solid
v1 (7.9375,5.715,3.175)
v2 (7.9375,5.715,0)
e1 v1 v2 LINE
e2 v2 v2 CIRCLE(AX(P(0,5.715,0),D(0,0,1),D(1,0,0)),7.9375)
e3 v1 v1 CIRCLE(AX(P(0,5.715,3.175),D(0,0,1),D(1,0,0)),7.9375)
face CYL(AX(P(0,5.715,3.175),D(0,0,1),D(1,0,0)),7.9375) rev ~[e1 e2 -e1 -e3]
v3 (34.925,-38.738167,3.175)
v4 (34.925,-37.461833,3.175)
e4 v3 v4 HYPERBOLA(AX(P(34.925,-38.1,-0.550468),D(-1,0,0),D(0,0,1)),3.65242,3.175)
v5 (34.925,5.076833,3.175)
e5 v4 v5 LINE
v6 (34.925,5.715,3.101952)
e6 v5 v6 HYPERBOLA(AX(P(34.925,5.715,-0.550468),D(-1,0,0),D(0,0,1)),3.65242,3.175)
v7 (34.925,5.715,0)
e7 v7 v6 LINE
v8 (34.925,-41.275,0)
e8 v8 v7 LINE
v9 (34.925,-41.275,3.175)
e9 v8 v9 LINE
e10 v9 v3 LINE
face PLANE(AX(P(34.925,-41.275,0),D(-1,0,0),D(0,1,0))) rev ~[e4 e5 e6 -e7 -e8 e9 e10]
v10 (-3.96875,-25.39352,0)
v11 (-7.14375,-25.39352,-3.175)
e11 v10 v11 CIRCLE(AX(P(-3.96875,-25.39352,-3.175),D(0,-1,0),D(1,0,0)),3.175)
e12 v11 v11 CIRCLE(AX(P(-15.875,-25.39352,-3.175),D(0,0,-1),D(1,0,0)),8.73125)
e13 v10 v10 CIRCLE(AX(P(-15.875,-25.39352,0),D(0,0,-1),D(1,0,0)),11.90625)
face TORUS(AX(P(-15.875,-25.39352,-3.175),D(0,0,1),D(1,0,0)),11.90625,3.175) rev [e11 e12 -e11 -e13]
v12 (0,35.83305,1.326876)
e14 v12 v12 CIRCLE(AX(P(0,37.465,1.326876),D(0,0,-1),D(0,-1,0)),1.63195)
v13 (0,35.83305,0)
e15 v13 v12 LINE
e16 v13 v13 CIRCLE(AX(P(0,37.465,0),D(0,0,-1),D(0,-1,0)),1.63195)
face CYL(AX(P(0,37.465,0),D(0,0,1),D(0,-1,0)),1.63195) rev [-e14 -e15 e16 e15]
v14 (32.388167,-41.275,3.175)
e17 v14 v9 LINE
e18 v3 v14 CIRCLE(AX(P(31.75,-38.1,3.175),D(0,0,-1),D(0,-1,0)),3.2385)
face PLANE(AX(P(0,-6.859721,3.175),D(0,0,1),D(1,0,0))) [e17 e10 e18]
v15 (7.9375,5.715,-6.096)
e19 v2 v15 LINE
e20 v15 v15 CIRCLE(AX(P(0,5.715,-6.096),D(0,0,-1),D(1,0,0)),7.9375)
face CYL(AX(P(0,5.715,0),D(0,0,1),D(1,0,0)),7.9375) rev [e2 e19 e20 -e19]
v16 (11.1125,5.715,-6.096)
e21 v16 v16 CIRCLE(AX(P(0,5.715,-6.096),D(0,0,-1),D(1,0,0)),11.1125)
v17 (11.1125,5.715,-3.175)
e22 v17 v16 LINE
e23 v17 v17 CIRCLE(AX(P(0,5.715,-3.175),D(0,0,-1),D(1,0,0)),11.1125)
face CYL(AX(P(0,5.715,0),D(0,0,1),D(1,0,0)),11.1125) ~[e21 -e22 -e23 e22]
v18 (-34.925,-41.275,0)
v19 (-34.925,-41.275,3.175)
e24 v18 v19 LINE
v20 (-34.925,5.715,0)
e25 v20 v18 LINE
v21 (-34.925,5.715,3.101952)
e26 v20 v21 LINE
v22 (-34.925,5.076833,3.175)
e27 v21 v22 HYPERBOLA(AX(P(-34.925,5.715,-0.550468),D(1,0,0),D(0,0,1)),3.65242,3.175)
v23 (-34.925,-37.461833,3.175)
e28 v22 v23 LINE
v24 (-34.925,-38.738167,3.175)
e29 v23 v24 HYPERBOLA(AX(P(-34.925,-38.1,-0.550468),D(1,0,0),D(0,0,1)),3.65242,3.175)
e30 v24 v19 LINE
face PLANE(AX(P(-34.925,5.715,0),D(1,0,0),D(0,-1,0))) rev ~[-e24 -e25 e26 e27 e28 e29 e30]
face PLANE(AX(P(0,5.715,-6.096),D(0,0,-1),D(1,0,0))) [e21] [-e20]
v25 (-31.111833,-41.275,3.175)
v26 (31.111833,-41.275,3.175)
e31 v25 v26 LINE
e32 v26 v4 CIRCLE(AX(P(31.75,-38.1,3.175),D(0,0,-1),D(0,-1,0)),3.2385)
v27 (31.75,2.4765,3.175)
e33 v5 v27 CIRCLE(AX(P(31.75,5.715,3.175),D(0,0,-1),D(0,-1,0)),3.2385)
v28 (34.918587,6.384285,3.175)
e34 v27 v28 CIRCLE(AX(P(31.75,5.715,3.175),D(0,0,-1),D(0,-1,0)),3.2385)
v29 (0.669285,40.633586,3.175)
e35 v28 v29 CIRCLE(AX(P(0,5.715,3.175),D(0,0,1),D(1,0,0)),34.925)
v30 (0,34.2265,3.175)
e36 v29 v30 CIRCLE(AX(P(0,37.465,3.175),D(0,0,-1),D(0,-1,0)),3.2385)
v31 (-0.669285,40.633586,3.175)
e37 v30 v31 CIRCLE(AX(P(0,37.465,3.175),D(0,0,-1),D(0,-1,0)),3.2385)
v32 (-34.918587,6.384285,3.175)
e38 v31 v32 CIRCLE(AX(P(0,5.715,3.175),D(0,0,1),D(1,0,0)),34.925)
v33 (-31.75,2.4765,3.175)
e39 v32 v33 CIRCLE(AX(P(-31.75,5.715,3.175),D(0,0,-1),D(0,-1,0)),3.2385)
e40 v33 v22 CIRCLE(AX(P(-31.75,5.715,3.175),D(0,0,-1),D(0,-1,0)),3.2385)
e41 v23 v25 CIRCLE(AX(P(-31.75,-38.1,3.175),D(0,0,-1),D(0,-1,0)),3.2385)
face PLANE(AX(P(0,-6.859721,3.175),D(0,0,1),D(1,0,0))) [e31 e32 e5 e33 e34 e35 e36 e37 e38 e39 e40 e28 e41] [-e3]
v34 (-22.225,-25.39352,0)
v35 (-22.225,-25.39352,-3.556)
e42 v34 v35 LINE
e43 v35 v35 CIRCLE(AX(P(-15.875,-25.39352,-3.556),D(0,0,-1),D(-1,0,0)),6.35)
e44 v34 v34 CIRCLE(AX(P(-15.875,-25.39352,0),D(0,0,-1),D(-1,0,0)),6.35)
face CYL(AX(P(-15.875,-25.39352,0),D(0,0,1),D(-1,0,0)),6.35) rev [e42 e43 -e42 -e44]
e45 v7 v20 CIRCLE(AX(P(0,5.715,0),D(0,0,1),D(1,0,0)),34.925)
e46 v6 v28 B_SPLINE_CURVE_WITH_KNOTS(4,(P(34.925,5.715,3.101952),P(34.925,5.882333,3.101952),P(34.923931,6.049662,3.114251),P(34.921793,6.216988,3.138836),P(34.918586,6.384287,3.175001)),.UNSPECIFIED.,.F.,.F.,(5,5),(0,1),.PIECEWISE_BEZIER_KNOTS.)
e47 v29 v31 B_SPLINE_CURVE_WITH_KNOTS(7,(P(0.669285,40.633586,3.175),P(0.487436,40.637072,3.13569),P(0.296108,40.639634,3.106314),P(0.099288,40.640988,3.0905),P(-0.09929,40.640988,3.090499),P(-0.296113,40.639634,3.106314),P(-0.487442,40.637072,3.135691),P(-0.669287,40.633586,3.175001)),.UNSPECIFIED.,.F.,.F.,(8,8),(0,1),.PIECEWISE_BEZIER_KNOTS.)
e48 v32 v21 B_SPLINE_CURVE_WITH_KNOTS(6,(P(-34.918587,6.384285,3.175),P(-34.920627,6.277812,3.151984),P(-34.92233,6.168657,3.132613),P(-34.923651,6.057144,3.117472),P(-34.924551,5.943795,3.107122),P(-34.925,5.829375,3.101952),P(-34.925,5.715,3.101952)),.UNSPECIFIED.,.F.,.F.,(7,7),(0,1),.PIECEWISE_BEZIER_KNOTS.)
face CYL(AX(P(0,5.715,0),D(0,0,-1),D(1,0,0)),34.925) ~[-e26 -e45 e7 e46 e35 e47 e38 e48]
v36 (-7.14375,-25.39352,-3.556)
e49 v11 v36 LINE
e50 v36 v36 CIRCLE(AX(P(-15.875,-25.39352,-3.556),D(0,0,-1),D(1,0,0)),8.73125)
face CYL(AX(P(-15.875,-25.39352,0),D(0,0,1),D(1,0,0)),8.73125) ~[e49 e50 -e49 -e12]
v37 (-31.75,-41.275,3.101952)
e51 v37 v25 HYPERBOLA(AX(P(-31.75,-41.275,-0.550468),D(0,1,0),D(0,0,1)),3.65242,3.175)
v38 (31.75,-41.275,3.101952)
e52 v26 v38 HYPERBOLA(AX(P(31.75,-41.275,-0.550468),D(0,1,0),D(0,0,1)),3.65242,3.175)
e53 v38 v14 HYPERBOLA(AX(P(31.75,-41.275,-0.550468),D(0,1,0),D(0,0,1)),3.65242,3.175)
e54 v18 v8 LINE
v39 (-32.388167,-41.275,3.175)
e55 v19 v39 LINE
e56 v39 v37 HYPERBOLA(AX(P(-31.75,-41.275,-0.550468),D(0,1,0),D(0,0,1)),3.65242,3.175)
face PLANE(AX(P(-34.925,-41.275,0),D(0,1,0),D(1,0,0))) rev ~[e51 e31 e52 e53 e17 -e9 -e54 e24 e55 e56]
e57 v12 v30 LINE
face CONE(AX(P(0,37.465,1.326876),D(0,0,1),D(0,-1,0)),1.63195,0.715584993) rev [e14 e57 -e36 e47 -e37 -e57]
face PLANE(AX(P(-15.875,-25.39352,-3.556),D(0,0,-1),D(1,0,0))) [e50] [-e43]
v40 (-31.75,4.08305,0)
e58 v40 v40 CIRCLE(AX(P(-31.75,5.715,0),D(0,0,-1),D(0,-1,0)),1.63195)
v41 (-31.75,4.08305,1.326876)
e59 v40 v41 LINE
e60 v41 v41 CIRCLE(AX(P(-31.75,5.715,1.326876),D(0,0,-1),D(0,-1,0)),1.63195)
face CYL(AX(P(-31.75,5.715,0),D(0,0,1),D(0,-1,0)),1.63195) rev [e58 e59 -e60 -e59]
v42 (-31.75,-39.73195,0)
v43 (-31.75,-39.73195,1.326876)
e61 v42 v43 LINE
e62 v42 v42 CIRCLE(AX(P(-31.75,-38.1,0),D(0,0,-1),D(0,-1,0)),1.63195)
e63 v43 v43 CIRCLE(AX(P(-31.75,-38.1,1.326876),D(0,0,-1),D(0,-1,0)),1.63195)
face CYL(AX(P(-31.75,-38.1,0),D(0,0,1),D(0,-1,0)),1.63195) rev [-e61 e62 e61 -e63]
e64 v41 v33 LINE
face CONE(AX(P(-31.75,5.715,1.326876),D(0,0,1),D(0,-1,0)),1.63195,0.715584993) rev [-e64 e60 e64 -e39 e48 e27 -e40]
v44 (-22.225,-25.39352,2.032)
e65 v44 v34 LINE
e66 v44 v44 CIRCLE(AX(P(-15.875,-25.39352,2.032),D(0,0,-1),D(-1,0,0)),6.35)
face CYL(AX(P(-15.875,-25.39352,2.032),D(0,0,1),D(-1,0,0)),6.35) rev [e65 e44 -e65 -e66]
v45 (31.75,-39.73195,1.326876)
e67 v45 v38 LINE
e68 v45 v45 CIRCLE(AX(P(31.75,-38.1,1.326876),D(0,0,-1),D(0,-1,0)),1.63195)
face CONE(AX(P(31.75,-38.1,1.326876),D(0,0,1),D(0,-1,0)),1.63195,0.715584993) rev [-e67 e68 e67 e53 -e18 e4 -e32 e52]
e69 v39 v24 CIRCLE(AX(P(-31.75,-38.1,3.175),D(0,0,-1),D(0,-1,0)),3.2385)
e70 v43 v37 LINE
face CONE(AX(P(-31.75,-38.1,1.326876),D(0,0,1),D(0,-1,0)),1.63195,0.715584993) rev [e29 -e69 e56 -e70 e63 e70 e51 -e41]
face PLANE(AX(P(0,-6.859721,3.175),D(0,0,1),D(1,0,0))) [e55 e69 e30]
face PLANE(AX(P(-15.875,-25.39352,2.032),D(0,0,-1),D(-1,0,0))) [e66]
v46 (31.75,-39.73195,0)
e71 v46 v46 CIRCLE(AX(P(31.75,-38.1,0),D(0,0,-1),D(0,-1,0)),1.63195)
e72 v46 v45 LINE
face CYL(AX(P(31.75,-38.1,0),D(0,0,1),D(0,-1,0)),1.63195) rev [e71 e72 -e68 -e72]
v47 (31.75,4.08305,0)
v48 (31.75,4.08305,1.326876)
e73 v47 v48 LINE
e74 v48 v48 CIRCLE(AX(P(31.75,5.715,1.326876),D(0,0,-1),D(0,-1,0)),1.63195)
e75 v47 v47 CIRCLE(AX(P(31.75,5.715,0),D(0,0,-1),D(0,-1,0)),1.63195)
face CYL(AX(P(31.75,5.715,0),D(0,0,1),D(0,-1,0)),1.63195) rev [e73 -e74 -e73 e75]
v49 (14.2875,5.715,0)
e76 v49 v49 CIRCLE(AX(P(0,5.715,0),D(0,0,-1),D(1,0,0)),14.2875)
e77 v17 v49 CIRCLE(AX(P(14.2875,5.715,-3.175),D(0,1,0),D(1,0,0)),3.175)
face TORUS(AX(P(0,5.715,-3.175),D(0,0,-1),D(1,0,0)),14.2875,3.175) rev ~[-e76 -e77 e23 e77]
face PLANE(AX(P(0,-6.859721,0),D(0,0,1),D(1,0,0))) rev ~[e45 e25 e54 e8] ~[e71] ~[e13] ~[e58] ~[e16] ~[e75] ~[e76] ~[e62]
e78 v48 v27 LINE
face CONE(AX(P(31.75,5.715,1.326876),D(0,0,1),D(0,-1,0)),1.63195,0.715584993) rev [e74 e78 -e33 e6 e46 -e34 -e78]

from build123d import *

# Parameters (mm, degrees)
BOSS_EXTRUDE1_DEPTH                           = 3.175
SKETCH2_R                                     = 7.9375
CUT_EXTRUDE1_DEPTH                            = 3.175
CSK_FOR_4_FLAT_HEAD_SOCKET_CAP_SCREW1_A_COUNT = 2
CSK_FOR_4_FLAT_HEAD_SOCKET_CAP_SCREW1_A_PITCH = 44.901280605
CSK_FOR_4_FLAT_HEAD_SOCKET_CAP_SCRE_2_COUNT   = 2
CSK_FOR_4_FLAT_HEAD_SOCKET_CAP_SCRE_2_PITCH   = 44.901280605
CSK_FOR_4_FLAT_HEAD_SOCKET_CAP_SCRE_3_COUNT   = 2
CSK_FOR_4_FLAT_HEAD_SOCKET_CAP_SCRE_3_PITCH   = 81.964210025
CSK_FOR_4_FLAT_HEAD_SOCKET_CAP_SCRE_4_COUNT   = 2
CSK_FOR_4_FLAT_HEAD_SOCKET_CAP_SCRE_4_PITCH   = 81.964210025
SKETCH6_R                                     = 11.1125
SKETCH6_R_2                                   = 7.9375
BOSS_EXTRUDE2_DEPTH                           = 6.096
SKETCH7_R                                     = 8.73125
SKETCH7_R_2                                   = 6.35
BOSS_EXTRUDE3_DEPTH                           = 3.556
CUT_EXTRUDE2_START                            = -2.032
SKETCH8_R                                     = 6.35
CUT_EXTRUDE2_DEPTH                            = 2.032
FILLET1_R                                     = 3.175


with BuildPart() as part:
    # Sketch1 → Boss-Extrude1 (new body)
    with BuildSketch(Plane.XY):
        with BuildLine():
            Line((-34.925, 5.715), (-34.925, -41.275))
            Line((-34.925, -41.275), (34.925, -41.275))
            Line((34.925, -41.275), (34.925, 5.715))
            ThreePointArc((34.925, 5.715), (0, 40.64), (-34.925, 5.715))
        make_face()
    extrude(amount=BOSS_EXTRUDE1_DEPTH)

    # Sketch2 → Cut-Extrude1 (cut)
    with BuildSketch(Plane.XY.offset(3.175)):
        with Locations((0, 5.715)):
            Circle(SKETCH2_R)
    extrude(amount=-CUT_EXTRUDE1_DEPTH, mode=Mode.SUBTRACT)

    # Sketch5 → CSK for #4 Flat Head Socket Cap Screw1 (revolve, cut)
    with BuildSketch(Plane(origin=(0, 37.465, 3.175), x_dir=(0, -1, 0), z_dir=(1, 0, 0))):
        Polygon((0, 0), (0, 3.175), (1.63195, 3.175), (1.63195, 1.848124365), (3.2385, 0), align=None)
    csk_for_4_flat_head_socket_cap_screw1 = revolve(axis=Axis((0, 37.465, 9.525), (0, 0, -1)), mode=Mode.SUBTRACT)

    # CSK for #4 Flat Head Socket Cap Screw1 a: CSK for #4 Flat Head Socket Cap Screw1 ×2
    with Locations(*[Vector(-0.7071067811865475, -0.7071067811865476, 0) * (i * CSK_FOR_4_FLAT_HEAD_SOCKET_CAP_SCREW1_A_PITCH) for i in range(1, CSK_FOR_4_FLAT_HEAD_SOCKET_CAP_SCREW1_A_COUNT)]):
        add(csk_for_4_flat_head_socket_cap_screw1, mode=Mode.SUBTRACT)

    # CSK for _4 Flat Head Socket Cap Scre 2: CSK for #4 Flat Head Socket Cap Screw1 ×2
    with Locations(*[Vector(0.7071067811865475, -0.7071067811865477, 0) * (i * CSK_FOR_4_FLAT_HEAD_SOCKET_CAP_SCRE_2_PITCH) for i in range(1, CSK_FOR_4_FLAT_HEAD_SOCKET_CAP_SCRE_2_COUNT)]):
        add(csk_for_4_flat_head_socket_cap_screw1, mode=Mode.SUBTRACT)

    # CSK for _4 Flat Head Socket Cap Scre 3: CSK for #4 Flat Head Socket Cap Screw1 ×2
    with Locations(*[Vector(0.3873641921317683, -0.9219267772736089, 0) * (i * CSK_FOR_4_FLAT_HEAD_SOCKET_CAP_SCRE_3_PITCH) for i in range(1, CSK_FOR_4_FLAT_HEAD_SOCKET_CAP_SCRE_3_COUNT)]):
        add(csk_for_4_flat_head_socket_cap_screw1, mode=Mode.SUBTRACT)

    # CSK for _4 Flat Head Socket Cap Scre 4: CSK for #4 Flat Head Socket Cap Screw1 ×2
    with Locations(*[Vector(-0.3873641921317683, -0.9219267772736089, 0) * (i * CSK_FOR_4_FLAT_HEAD_SOCKET_CAP_SCRE_4_PITCH) for i in range(1, CSK_FOR_4_FLAT_HEAD_SOCKET_CAP_SCRE_4_COUNT)]):
        add(csk_for_4_flat_head_socket_cap_screw1, mode=Mode.SUBTRACT)

    # Sketch6 → Boss-Extrude2 (add)
    with BuildSketch(Plane(origin=(0, 0, 0), x_dir=(-1, 0, 0), z_dir=(0, 0, -1))):
        with Locations(Location((0, 5.715, 0), (0, 0, 180))):
            Circle(SKETCH6_R)
        with Locations(Location((0, 5.715, 0), (0, 0, 180))):
            Circle(SKETCH6_R_2, mode=Mode.SUBTRACT)
    extrude(amount=BOSS_EXTRUDE2_DEPTH)

    # Sketch7 → Boss-Extrude3 (add)
    with BuildSketch(Plane(origin=(0, 0, 0), x_dir=(-1, 0, 0), z_dir=(0, 0, -1))):
        with Locations(Location((15.875, -25.393519733, 0), (0, 0, 180))):
            Circle(SKETCH7_R)
        with Locations((15.875, -25.393519733)):
            Circle(SKETCH7_R_2, mode=Mode.SUBTRACT)
    extrude(amount=BOSS_EXTRUDE3_DEPTH)

    # Sketch8 → Cut-Extrude2 (cut)
    with BuildSketch(Plane(origin=(0, 0, 0), x_dir=(-1, 0, 0), z_dir=(0, 0, -1)).offset(CUT_EXTRUDE2_START)):
        with Locations((15.875, -25.393519733)):
            Circle(SKETCH8_R)
    extrude(amount=CUT_EXTRUDE2_DEPTH, mode=Mode.SUBTRACT)

    # Fillet1
    fillet1_edges = [part.edges().sort_by_distance(p)[0] for p in [
        (-11.1125, 5.715, 0),
        (-24.60625, -25.393519733, 0),
    ]]
    fillet(fillet1_edges, radius=FILLET1_R)


solid = part.part
